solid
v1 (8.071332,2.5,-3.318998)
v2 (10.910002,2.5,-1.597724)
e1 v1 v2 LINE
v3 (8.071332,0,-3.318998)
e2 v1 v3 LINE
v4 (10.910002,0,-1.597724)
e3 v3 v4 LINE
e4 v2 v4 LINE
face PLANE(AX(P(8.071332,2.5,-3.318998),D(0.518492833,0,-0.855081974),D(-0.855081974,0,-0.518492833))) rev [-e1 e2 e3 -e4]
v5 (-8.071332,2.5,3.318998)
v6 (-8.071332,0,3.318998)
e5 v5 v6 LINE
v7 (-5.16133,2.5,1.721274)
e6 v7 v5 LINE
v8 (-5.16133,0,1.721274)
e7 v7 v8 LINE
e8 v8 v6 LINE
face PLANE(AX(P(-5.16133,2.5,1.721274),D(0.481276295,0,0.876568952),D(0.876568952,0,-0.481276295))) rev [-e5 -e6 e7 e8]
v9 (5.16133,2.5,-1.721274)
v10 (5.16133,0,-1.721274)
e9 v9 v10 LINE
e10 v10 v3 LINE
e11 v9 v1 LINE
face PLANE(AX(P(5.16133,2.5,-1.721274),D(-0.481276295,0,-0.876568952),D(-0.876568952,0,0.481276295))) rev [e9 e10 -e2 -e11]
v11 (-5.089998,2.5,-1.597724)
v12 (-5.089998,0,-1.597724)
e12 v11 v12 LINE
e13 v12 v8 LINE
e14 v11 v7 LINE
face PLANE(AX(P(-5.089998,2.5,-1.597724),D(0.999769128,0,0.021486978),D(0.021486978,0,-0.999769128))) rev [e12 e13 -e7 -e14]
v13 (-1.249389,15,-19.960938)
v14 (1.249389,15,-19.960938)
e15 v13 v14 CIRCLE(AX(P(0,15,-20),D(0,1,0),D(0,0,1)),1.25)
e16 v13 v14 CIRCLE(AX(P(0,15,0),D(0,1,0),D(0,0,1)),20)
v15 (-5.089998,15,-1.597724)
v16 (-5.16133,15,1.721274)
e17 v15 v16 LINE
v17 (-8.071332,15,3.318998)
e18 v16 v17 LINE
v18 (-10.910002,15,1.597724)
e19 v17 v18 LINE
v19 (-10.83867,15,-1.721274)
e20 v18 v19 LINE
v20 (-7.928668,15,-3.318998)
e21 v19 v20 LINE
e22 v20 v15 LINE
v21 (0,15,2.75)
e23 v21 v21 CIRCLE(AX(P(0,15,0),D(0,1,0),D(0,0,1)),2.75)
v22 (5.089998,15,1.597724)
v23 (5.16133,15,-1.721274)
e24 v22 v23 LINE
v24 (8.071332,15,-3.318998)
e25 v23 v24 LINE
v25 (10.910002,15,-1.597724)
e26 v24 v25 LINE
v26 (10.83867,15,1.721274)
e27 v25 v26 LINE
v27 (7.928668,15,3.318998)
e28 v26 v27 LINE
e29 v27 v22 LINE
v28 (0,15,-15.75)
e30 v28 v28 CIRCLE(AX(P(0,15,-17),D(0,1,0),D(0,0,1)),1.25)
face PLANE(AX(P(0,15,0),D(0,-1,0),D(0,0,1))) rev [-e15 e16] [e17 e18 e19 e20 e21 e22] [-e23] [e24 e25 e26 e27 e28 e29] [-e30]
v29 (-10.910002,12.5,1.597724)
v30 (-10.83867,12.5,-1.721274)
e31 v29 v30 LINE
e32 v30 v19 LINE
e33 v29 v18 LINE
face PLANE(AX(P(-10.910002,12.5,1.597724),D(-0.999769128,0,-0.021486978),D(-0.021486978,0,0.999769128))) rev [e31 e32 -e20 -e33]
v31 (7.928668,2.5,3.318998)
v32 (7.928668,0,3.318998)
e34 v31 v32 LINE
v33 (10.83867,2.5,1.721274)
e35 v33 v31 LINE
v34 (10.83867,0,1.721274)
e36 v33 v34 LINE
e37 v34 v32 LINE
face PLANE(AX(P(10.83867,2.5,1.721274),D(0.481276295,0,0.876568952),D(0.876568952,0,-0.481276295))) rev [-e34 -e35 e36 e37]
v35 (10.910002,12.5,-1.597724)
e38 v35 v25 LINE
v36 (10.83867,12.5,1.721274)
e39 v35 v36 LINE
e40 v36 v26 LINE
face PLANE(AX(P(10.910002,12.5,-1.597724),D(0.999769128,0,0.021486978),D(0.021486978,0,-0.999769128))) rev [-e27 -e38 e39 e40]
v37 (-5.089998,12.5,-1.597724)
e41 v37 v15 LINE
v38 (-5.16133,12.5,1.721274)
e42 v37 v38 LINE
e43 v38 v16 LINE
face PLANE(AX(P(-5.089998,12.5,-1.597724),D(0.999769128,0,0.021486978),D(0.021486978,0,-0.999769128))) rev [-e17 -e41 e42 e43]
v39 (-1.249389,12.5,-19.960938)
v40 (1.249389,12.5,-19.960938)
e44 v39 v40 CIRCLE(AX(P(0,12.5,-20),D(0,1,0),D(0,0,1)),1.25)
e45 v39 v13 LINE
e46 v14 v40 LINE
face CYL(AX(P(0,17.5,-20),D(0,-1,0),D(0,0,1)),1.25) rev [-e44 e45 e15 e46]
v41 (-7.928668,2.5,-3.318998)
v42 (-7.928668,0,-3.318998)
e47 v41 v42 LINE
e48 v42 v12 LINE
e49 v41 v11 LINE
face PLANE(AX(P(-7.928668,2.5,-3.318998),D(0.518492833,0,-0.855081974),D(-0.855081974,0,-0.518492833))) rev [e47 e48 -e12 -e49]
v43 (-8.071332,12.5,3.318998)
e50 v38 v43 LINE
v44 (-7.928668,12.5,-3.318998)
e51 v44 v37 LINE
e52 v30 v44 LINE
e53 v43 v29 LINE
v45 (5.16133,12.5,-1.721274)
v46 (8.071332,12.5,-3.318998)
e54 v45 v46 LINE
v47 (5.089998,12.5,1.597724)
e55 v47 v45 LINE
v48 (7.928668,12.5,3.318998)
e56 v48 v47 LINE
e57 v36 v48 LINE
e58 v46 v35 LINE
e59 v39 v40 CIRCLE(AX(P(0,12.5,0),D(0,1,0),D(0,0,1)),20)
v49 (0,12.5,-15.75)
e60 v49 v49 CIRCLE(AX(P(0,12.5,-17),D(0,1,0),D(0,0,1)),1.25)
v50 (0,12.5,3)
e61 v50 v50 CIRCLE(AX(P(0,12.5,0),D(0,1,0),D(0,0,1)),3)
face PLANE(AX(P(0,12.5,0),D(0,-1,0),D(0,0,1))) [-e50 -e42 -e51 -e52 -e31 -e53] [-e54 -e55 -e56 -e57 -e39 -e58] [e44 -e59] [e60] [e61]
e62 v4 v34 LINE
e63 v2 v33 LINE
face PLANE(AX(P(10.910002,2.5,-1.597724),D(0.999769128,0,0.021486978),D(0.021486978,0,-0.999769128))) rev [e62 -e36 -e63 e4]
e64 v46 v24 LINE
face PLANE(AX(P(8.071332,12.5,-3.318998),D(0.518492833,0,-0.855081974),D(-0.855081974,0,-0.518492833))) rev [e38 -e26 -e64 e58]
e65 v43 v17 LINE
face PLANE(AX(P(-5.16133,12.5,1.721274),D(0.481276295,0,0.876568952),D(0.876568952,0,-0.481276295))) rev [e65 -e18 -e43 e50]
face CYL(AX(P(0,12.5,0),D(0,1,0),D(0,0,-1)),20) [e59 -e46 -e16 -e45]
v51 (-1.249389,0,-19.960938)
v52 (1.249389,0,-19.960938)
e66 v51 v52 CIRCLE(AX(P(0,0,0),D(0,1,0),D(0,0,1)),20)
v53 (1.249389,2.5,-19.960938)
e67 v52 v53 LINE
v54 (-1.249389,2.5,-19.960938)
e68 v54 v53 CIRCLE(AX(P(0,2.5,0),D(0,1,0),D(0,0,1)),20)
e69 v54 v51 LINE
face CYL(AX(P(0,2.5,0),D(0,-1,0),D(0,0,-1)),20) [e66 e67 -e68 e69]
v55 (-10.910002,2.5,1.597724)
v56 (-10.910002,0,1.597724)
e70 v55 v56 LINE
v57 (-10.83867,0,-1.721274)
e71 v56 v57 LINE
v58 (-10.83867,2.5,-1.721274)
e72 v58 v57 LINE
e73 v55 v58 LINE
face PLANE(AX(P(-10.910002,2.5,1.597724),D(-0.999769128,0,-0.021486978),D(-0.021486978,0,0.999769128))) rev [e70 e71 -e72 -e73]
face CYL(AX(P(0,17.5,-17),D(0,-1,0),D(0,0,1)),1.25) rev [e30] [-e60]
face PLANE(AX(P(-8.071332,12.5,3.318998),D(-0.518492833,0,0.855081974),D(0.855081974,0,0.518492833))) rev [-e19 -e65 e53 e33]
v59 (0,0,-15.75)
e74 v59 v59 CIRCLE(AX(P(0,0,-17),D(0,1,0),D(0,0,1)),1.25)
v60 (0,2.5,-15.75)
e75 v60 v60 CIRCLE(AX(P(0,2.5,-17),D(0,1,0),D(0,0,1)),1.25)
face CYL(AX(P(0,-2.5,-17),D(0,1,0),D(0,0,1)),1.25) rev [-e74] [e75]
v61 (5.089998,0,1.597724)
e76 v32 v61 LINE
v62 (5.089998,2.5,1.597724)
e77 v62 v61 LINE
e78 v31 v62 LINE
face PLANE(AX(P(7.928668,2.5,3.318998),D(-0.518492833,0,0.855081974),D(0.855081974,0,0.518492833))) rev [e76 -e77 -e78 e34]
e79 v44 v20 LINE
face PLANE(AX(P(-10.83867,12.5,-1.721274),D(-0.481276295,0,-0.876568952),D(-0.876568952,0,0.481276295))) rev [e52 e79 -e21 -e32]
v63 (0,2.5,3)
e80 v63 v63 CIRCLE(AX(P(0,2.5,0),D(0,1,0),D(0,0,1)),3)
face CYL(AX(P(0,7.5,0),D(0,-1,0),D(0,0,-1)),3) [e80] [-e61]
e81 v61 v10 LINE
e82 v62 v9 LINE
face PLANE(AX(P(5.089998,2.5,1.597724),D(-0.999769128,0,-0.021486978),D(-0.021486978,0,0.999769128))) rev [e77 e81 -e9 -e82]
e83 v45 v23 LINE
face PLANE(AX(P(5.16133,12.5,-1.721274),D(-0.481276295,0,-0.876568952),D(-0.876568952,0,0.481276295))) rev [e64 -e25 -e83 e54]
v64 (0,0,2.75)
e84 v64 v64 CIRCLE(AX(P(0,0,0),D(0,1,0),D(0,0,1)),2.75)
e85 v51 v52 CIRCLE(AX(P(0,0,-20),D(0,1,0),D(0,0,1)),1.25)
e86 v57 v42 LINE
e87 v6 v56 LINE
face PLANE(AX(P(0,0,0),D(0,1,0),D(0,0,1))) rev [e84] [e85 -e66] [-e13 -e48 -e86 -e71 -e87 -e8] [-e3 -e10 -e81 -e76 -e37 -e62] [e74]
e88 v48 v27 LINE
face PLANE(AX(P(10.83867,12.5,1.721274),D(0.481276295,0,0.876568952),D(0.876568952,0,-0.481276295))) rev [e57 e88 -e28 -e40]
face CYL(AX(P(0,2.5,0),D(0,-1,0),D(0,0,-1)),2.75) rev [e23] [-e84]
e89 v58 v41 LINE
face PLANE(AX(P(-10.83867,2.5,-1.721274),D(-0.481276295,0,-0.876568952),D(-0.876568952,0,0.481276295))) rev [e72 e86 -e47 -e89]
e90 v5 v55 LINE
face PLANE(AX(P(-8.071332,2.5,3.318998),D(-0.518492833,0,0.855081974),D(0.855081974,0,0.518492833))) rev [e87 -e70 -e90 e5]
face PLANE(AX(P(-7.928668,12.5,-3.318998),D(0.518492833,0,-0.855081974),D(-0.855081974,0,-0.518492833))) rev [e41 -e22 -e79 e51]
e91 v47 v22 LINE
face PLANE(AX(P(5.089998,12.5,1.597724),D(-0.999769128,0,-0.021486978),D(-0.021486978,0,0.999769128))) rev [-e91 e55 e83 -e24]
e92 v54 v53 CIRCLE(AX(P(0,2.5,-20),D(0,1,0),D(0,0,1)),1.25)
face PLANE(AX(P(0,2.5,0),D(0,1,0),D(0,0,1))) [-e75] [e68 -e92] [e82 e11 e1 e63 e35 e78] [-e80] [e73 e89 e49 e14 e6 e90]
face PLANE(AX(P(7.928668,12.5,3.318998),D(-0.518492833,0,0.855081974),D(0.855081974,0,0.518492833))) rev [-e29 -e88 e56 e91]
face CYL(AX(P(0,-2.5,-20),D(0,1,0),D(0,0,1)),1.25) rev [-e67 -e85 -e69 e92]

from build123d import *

# Parameters (mm, degrees)
SKETCH1_R           = 20
SKETCH1_R_2         = 2.75
BOSS_EXTRUDE1_DEPTH = 2.5
CUT_EXTRUDE3_DEPTH  = 2.5
SKETCH4_R           = 1.25
CUT_EXTRUDE4_DEPTH  = 5
SKETCH2_R           = 3
SKETCH2_R_2         = 2.75
BOSS_EXTRUDE2_DEPTH = 5


with BuildPart() as part:
    # Sketch1 → Boss-Extrude1 (new body)
    with BuildSketch(Plane(origin=(0, 0, 0), x_dir=(1, 0, 0), z_dir=(0, 1, 0))):
        Circle(SKETCH1_R)
        Circle(SKETCH1_R_2, mode=Mode.SUBTRACT)
    extrude(amount=BOSS_EXTRUDE1_DEPTH)

    # Sketch3 → Cut-Extrude3 (cut)
    with BuildSketch(Plane.XZ):
        Polygon((-5.161329605, 1.721273866), (-8.071331697, 3.318997608), (-10.910002092, 1.597723742), (-10.838670395, -1.721273866), (-7.928668303, -3.318997608), (-5.089997908, -1.597723742), align=None)
        Polygon((5.161329605, -1.721273866), (8.071331697, -3.318997608), (10.910002092, -1.597723742), (10.838670395, 1.721273866), (7.928668303, 3.318997608), (5.089997908, 1.597723742), align=None)
    extrude(amount=-CUT_EXTRUDE3_DEPTH, mode=Mode.SUBTRACT)

    # Sketch4 → Cut-Extrude4 (cut)
    with BuildSketch(Plane(origin=(0, 2.5, 0), x_dir=(1, 0, 0), z_dir=(0, 1, 0))):
        with Locations((0, 17)):
            Circle(SKETCH4_R)
        with Locations((0, 20)):
            Circle(SKETCH4_R)
    extrude(amount=-CUT_EXTRUDE4_DEPTH, mode=Mode.SUBTRACT)

    # Sketch2 → Boss-Extrude2 (add)
    with BuildSketch(Plane(origin=(0, 2.5, 0), x_dir=(1, 0, 0), z_dir=(0, 1, 0))):
        Circle(SKETCH2_R)
        Circle(SKETCH2_R_2, mode=Mode.SUBTRACT)
    extrude(amount=BOSS_EXTRUDE2_DEPTH)

    # Mirror7: part across plane


with BuildPart() as part_1:
    add(part.part)
    add(part.part.mirror(Plane.ZX.offset(7.5)))


solid = part_1.part
